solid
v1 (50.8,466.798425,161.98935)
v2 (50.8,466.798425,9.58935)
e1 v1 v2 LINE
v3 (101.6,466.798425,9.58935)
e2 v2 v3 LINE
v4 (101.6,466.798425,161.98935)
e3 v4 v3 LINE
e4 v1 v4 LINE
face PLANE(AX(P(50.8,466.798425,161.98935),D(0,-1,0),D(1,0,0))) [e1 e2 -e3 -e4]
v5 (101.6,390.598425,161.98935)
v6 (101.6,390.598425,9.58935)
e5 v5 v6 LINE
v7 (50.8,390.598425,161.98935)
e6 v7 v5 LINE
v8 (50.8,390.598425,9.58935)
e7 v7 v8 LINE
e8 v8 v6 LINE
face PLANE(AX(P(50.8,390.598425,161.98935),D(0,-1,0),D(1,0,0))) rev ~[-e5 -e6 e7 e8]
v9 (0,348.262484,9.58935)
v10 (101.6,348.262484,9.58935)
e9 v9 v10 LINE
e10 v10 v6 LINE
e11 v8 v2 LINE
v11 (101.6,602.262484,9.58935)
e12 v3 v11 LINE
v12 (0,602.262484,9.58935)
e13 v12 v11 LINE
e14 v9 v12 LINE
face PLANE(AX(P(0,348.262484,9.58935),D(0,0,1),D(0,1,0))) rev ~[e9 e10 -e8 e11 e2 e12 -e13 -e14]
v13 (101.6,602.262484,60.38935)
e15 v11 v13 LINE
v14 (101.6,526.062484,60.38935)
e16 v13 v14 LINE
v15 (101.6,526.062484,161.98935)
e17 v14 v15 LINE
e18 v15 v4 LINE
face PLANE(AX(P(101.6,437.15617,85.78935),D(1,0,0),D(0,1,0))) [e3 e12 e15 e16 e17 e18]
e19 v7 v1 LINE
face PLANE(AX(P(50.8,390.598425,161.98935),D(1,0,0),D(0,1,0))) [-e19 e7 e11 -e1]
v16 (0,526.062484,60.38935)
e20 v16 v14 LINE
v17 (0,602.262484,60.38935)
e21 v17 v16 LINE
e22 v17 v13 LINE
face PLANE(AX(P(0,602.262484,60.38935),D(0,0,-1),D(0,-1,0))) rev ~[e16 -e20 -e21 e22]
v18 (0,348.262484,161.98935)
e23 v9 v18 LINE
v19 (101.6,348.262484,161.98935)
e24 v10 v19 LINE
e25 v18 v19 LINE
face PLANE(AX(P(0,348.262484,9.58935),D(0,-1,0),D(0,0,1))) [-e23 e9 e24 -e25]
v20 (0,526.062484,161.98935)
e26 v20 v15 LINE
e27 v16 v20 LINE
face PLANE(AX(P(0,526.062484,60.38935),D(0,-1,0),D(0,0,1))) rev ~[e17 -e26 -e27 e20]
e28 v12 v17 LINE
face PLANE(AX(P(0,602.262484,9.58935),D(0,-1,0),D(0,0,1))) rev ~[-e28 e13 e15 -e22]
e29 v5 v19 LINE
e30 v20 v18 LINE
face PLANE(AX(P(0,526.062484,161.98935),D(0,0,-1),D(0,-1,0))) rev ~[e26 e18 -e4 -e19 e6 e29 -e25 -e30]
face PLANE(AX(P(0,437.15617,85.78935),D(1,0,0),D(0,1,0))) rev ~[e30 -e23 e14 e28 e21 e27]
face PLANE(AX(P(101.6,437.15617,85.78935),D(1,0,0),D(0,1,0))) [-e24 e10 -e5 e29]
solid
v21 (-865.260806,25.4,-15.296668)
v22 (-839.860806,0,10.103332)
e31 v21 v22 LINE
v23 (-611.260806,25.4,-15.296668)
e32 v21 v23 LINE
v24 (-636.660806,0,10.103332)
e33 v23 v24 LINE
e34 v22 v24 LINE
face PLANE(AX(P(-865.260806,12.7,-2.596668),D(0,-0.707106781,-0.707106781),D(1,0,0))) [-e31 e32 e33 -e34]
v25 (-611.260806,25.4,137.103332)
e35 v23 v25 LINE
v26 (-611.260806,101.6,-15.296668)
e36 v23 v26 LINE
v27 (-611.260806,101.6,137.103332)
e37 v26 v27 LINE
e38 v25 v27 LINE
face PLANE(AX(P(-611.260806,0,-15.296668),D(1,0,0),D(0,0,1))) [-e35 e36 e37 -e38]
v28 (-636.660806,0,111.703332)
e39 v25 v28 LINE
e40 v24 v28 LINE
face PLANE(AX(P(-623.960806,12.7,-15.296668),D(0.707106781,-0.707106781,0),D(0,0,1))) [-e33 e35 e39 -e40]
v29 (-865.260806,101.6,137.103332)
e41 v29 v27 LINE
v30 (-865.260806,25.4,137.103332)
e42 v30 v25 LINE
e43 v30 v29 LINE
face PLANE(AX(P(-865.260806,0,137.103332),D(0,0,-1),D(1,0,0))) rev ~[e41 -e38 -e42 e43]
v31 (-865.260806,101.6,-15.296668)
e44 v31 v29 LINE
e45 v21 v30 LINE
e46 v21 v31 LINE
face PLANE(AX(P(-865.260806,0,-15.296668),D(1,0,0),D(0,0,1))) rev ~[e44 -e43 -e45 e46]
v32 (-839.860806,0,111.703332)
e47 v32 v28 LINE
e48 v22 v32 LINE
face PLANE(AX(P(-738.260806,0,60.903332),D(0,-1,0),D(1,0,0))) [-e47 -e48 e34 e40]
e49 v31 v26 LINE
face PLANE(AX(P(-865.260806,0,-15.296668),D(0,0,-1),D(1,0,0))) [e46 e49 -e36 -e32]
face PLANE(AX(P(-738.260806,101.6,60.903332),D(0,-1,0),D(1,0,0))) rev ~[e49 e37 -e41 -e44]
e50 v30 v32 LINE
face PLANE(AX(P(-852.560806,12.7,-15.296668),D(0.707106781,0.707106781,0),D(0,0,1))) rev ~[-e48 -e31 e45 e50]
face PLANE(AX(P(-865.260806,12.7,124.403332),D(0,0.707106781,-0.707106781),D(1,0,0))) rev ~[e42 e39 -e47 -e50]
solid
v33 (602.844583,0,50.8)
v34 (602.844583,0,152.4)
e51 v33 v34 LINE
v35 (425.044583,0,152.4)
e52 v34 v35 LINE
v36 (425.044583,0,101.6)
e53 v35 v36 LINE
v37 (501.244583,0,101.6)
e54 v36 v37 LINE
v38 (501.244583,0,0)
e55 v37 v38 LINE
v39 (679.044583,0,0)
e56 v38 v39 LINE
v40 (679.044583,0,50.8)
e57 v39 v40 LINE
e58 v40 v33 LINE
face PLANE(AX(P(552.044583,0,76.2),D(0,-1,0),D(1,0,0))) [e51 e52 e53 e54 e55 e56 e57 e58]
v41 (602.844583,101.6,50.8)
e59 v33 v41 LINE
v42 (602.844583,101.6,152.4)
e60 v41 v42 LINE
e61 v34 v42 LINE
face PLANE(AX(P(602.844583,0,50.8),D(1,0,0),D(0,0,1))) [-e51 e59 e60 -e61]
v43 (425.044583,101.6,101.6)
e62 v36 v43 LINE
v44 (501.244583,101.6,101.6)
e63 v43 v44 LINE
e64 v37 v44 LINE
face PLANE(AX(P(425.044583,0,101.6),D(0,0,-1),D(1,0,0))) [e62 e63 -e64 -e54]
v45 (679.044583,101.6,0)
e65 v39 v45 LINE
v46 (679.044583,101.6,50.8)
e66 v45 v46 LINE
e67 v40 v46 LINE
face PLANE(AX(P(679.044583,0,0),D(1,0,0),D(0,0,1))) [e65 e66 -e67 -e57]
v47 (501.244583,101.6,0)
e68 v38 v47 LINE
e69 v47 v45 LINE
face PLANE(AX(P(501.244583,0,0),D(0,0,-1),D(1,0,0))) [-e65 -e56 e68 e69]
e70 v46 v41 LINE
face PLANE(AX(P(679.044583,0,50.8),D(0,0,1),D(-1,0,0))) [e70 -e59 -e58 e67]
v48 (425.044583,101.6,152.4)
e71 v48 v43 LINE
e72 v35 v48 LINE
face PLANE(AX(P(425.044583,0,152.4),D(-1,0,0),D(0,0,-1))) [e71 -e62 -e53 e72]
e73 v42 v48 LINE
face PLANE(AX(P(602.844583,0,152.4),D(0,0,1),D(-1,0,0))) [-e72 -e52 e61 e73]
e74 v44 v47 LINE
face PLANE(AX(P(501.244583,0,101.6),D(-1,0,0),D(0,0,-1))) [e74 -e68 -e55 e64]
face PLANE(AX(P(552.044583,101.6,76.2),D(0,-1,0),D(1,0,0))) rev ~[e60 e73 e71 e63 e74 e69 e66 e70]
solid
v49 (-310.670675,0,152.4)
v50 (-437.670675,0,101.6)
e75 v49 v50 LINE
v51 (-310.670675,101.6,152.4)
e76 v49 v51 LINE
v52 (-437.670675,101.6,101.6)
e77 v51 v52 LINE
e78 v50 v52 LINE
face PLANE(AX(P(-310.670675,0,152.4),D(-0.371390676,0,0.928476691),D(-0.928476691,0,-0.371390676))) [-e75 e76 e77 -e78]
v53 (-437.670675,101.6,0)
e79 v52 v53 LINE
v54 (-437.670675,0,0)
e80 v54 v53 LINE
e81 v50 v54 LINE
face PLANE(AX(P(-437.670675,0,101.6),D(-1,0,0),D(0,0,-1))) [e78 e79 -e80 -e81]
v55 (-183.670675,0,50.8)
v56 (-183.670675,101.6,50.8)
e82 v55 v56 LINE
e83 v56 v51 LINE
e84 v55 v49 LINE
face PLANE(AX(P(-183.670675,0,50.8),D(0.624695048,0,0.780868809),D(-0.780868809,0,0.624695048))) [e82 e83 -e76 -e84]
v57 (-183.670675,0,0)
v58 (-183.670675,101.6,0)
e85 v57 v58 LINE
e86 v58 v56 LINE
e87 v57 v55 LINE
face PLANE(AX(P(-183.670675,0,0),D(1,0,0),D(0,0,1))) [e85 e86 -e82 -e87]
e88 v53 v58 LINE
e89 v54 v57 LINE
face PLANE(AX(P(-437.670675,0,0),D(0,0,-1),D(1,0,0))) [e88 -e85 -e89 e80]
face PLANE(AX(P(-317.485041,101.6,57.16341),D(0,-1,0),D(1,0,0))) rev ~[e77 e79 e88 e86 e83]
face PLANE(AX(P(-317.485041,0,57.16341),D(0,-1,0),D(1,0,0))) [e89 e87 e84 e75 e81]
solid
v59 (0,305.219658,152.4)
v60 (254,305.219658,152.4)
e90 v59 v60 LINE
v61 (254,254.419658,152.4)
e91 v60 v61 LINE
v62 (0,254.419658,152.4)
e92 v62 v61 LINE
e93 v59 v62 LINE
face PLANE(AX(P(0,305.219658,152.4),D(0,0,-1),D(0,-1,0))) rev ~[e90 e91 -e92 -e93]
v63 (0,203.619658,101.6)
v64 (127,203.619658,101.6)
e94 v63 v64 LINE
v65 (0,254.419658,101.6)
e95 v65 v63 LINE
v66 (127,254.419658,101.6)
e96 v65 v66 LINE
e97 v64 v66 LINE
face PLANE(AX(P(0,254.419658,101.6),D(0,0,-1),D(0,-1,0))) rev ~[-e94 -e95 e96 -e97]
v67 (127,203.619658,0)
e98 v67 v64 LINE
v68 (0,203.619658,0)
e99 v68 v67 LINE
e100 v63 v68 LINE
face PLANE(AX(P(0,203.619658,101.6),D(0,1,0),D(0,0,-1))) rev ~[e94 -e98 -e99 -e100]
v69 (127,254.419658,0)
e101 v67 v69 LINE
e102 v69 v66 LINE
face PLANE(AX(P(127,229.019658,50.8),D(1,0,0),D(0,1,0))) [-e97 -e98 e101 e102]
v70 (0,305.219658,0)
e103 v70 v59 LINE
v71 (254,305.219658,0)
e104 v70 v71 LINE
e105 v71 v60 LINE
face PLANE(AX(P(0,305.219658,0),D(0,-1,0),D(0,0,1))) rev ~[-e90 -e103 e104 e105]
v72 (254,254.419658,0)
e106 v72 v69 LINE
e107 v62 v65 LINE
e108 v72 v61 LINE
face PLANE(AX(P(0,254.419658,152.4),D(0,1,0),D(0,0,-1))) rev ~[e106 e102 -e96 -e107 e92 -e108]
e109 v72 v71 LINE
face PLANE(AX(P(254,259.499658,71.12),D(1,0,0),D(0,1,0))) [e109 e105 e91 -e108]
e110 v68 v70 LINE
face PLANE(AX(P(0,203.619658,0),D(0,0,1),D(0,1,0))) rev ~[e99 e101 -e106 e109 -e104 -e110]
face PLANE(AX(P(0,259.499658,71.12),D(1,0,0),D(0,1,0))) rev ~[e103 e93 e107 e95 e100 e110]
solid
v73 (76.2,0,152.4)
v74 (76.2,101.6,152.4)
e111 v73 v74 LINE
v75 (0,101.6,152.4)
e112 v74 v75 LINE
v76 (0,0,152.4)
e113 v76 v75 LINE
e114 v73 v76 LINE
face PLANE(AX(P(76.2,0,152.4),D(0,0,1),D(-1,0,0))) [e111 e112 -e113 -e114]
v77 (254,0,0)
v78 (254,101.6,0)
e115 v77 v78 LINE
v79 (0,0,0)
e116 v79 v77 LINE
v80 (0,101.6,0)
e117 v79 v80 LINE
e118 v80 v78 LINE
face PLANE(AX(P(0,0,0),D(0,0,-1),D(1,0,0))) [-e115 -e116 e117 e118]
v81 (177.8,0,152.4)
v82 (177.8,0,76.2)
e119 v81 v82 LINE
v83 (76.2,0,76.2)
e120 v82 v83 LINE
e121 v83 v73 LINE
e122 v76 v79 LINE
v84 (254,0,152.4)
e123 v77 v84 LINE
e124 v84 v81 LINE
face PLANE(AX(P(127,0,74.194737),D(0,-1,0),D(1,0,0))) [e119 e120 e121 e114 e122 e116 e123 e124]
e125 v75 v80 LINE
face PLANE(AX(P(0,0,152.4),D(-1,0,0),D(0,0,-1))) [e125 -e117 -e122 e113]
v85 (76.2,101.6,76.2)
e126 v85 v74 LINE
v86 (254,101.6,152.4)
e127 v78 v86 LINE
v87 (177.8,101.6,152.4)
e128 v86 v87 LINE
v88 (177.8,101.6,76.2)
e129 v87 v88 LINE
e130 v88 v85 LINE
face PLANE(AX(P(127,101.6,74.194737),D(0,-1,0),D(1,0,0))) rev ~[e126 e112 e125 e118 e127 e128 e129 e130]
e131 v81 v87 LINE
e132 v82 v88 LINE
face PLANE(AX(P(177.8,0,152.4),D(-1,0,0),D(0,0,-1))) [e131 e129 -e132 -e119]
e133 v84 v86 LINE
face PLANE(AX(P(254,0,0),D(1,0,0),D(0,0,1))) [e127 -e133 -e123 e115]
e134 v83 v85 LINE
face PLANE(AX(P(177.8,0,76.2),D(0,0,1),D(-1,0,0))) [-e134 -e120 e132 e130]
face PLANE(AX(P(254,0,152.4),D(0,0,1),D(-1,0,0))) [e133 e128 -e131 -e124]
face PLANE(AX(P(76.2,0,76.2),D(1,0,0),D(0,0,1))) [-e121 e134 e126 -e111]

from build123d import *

# Parameters (mm, degrees)
F1_DEPTH  = 101.6
F3_DEPTH  = 254
F4_W      = 50.8
F4_H      = 101.6
F5_DEPTH  = 127
F6_W      = 76.1873728009
F6_H      = 152.4
F6_W_2    = 50.8
F7_DEPTH  = 101.6
F8_W      = 50.8
F8_H      = 76.2
F9_DEPTH  = 152.4
F11_DEPTH = 101.6
F13_DEPTH = 101.6
F14_W     = 254
F14_H     = 152.4
F15_DEPTH = 101.6
F16_SIZE  = 25.4


with BuildPart() as f1:
    # F0 (on Front) → F1 (new body)
    with BuildSketch(Plane.XZ):
        Polygon((0, 152.4), (0, 0), (254, 0), (254, 152.4), (177.8, 152.4), (177.8, 76.2), (76.2, 76.2), (76.2, 152.4), align=None)
    extrude(amount=-F1_DEPTH)


with BuildPart() as f3:
    # F2 (on Right) → F3 (new body)
    with BuildSketch(Plane.YZ):
        Polygon((203.6196578976, 101.6), (203.6196578976, 0), (305.2196578976, 0), (305.2196578976, 152.4), (254.4196578976, 152.4), (254.4196578976, 101.6), align=None)
    extrude(amount=F3_DEPTH)

    # F4 (on face) → F5 (cut)
    with BuildSketch(Plane.YZ.offset(254)):
        with Locations((229.0196578976, 50.8)):
            Rectangle(F4_W, F4_H)
    extrude(amount=-F5_DEPTH, mode=Mode.SUBTRACT)


with BuildPart() as f7:
    # F6 (on Right) → F7 (new body)
    with BuildSketch(Plane.YZ):
        with Locations((437.15617031, 85.7893498145)):
            Rectangle(F6_W, F6_H)
        with Locations((373.6624839095, 85.7893498145)):
            Rectangle(F6_W_2, F6_H)
        Polygon((526.0624839095, 161.9893498145), (475.2498567104, 161.9893498145), (475.2498567104, 9.5893498145), (602.2624839095, 9.5893498145), (602.2624839095, 60.3893498145), (526.0624839095, 60.3893498145), align=None)
    extrude(amount=F7_DEPTH)

    # F8 (on face) → F9 (cut)
    with BuildSketch(Plane.XY.offset(161.9893498145)):
        with Locations((76.2, 428.6984247208)):
            Rectangle(F8_W, F8_H)
    extrude(amount=-F9_DEPTH, mode=Mode.SUBTRACT)


with BuildPart() as f11:
    # F10 (on Front) → F11 (new body)
    with BuildSketch(Plane.XZ):
        Polygon((602.8445832853, 152.4), (425.0445832853, 152.4), (425.0445832853, 101.6), (501.2445832853, 101.6), (501.2445832853, 0), (679.0445832853, 0), (679.0445832853, 50.8), (602.8445832853, 50.8), align=None)
    extrude(amount=-F11_DEPTH)


with BuildPart() as f13:
    # F12 (on Front) → F13 (new body)
    with BuildSketch(Plane.XZ):
        Polygon((-437.6706745207, 0), (-183.6706745207, 0), (-183.6706745207, 50.8), (-310.6706745207, 152.4), (-437.6706745207, 101.6), align=None)
    extrude(amount=-F13_DEPTH)


with BuildPart() as f15:
    # F14 (on Front) → F15 (new body)
    with BuildSketch(Plane.XZ):
        with Locations((-738.2608056068, 60.9033322741)):
            Rectangle(F14_W, F14_H)
    extrude(amount=-F15_DEPTH)

    # F16
    f16_edges = [f15.edges().sort_by_distance(p)[0] for p in [
        (-611.260806, 0, 60.903332),
        (-738.260806, 0, 137.103332),
        (-865.260806, 0, 60.903332),
        (-738.260806, 0, -15.296668),
    ]]
    chamfer(f16_edges, length=F16_SIZE)


solid = Compound([f1.part, f3.part, f7.part, f11.part, f13.part, f15.part])
